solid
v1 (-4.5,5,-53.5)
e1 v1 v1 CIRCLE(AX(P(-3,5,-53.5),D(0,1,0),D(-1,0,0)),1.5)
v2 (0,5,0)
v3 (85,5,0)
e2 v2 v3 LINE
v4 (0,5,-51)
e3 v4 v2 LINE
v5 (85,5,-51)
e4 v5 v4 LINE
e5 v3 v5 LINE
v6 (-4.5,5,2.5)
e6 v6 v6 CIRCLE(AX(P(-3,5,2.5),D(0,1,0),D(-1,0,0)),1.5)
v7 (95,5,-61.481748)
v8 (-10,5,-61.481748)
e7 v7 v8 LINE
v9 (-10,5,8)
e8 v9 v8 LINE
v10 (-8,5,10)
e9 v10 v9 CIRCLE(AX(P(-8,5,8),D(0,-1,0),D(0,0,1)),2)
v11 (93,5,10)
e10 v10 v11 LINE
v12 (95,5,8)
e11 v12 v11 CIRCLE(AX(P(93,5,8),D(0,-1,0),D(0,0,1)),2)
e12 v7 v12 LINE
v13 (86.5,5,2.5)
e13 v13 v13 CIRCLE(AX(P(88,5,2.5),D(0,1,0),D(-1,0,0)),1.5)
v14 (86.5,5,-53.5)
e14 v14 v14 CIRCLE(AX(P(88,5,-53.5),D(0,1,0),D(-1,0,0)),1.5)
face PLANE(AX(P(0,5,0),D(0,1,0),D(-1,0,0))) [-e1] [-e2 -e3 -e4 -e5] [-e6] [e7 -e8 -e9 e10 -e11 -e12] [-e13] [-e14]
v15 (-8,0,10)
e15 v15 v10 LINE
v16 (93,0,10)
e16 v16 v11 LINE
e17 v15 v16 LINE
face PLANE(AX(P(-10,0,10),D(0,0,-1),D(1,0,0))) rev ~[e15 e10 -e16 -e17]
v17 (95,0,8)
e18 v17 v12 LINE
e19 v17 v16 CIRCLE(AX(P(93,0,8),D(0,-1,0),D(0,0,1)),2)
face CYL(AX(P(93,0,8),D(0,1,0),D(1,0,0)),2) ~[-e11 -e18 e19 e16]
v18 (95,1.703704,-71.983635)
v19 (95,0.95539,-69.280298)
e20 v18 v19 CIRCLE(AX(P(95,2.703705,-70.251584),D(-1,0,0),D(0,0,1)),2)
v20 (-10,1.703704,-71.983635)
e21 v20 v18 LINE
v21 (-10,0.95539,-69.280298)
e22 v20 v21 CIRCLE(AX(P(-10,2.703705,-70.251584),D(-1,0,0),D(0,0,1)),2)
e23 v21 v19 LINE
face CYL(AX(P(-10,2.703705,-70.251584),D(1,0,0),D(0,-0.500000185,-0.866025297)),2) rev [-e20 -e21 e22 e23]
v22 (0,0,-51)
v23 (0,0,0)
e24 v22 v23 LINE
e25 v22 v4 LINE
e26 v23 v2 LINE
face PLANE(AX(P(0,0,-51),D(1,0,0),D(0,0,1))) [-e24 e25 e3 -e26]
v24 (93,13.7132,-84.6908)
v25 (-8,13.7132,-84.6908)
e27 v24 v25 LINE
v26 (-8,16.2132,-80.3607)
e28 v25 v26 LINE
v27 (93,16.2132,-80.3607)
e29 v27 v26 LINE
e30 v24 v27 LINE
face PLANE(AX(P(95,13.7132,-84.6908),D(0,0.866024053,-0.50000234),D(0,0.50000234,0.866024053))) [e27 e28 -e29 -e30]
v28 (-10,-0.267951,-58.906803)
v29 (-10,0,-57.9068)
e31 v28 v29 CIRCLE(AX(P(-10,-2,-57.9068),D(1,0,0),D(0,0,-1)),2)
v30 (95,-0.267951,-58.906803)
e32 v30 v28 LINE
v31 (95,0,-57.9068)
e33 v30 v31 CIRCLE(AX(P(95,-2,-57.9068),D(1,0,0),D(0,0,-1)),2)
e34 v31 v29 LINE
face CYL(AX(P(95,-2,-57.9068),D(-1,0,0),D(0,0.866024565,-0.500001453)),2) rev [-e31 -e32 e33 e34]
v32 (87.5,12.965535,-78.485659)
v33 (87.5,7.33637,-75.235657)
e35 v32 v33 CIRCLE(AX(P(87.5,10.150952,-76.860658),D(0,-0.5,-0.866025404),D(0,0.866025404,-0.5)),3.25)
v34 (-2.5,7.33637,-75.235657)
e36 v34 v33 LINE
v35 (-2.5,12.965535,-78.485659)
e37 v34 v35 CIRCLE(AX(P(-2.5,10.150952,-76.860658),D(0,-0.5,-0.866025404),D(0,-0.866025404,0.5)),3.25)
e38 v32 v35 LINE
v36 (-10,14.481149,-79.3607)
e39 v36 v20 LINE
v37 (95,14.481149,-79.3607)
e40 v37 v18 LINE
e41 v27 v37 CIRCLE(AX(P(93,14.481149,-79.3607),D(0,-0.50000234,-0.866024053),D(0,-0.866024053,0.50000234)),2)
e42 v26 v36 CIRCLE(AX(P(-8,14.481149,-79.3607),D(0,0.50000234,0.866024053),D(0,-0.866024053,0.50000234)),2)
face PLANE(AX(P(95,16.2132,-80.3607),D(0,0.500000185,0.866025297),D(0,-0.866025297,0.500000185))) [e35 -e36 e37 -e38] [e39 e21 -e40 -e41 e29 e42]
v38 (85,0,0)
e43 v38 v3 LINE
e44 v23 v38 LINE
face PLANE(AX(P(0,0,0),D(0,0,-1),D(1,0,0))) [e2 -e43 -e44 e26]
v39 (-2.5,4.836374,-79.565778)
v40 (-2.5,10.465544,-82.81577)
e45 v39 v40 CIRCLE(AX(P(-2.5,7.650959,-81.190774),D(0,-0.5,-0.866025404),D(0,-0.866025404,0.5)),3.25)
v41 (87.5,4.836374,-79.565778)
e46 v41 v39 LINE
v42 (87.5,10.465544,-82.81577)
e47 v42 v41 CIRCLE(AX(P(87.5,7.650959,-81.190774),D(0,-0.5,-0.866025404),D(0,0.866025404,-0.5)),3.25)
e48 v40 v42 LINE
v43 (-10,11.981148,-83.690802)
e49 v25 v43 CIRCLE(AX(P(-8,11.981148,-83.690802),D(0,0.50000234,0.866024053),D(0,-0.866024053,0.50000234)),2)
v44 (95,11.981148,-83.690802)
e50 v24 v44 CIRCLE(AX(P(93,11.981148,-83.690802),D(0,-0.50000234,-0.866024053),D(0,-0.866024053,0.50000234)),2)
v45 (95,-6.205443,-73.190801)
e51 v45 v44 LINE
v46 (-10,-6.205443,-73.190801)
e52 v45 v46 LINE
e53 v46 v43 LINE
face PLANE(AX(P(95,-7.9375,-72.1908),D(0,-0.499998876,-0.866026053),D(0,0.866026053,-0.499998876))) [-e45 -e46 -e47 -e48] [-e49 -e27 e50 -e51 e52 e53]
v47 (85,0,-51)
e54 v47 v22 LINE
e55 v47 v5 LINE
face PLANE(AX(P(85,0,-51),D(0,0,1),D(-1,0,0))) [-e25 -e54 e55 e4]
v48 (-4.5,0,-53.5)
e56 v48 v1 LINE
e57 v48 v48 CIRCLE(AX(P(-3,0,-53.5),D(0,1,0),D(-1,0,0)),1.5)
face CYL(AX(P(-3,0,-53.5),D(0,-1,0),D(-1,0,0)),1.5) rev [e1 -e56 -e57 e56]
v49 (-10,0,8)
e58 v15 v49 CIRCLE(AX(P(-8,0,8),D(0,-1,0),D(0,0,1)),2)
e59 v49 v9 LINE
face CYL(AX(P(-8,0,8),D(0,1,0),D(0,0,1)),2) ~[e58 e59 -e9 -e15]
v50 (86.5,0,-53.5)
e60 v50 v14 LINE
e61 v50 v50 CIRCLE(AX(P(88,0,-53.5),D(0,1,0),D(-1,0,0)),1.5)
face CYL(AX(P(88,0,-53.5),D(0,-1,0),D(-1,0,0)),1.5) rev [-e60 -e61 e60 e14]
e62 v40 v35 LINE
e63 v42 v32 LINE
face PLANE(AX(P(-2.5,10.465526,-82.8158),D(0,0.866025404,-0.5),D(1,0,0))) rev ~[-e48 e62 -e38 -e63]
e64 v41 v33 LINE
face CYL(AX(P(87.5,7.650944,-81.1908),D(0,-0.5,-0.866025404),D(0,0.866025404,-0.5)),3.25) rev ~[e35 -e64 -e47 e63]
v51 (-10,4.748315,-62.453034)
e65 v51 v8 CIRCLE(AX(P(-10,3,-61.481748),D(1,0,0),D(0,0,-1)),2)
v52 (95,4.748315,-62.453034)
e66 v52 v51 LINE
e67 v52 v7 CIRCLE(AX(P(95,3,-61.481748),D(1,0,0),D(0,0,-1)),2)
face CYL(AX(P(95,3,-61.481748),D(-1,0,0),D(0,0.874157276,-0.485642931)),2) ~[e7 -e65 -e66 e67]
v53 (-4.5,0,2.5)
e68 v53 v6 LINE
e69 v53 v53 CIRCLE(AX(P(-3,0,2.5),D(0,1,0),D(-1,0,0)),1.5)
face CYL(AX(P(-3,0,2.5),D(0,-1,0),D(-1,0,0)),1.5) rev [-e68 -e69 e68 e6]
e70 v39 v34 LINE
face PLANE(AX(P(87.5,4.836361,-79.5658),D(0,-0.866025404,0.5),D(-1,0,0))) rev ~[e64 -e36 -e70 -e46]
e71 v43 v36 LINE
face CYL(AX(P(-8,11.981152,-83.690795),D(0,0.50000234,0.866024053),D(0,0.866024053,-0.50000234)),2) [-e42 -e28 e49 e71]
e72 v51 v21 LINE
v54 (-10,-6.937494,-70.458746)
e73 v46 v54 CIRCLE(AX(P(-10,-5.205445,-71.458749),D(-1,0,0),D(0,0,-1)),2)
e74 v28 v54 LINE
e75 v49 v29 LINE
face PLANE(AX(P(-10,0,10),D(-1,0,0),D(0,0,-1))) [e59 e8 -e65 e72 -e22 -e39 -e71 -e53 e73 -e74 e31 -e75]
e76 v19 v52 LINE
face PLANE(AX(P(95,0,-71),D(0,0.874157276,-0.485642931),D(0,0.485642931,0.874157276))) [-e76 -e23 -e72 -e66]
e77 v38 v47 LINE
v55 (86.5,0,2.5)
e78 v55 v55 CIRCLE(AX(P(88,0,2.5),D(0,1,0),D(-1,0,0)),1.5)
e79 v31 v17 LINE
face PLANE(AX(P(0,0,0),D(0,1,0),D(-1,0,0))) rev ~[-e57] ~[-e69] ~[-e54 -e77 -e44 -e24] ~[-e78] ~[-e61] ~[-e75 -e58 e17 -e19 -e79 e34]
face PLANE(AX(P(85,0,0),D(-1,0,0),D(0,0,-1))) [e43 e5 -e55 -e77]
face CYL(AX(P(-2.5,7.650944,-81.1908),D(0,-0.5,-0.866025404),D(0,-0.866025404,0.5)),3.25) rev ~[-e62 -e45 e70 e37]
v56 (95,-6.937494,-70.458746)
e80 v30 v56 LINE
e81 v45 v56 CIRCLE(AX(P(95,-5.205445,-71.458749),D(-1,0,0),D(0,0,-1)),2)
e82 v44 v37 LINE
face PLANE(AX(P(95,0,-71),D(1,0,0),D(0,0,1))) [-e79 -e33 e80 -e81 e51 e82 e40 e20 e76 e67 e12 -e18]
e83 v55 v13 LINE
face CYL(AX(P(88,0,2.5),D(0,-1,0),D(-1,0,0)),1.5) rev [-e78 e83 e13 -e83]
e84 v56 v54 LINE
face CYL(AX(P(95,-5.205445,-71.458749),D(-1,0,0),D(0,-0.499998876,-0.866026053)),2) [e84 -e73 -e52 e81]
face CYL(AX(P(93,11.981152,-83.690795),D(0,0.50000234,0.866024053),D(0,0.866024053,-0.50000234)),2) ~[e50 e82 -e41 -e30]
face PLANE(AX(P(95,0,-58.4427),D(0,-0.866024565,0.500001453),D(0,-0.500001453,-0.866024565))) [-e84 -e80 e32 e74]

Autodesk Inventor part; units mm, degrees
ref_plane "YZ Plane" through (0, 0, 0) normal (1, 0, 0) x (0, 1, 0)
ref_plane "XZ Plane" through (0, 0, 0) normal (0, 1, 0) x (-1, 0, 0)
ref_plane "XY Plane" through (0, 0, 0) normal (0, 0, 1) x (1, 0, 0)
sketch "Sketch1" plane through (0, 0, 0) normal (0, 1, 0) x (-1, 0, 0)
  line L0 (0, 0) -> (-85, 0)
  line L1 (-85, 0) -> (-85, -51)
  line L2 (-85, -51) -> (0, -51)
  line L3 (0, -51) -> (0, 0)
  line L4 (10, -71) -> (-95, -71)
  line L5 (-95, -71) -> (-95, 10)
  line L6 (10, 10) -> (10, -71)
  line L7 (10, 10) -> (-95, 10)
  circle A0 centre (-88, -53.5) radius 1.5
  line L8 (-42.5, -71) -> (-42.5, 10) construction
  circle A1 centre (3, -53.5) radius 1.5
  line L9 (0, -25.5) -> (-85, -25.5) construction
  circle A2 centre (-88, 2.5) radius 1.5
  circle A3 centre (3, 2.5) radius 1.5
  dimension "d0" = 85
  dimension "d1" = 51
  dimension "d2" = 20
  dimension "d3" = 10
  dimension "d4" = 10
  dimension "d13" = 2.5
  dimension "d14" = 3
  dimension "d15" = 3
  dimension "d34" = 10
extrude "Extrusion1" add sketch "Sketch1" along normal blind 5
sketch "Sketch2" plane through (95, 0, 10) normal (1, 0, 0) x (0, 0, -1)
  line L0 (68, -22.5167) -> (68, 0) construction
  line L1 (82.1908, -7.9375) -> (94.6908, 13.7132)
  line L2 (0, 0) -> (81, 0) construction
  line L3 (81, 5) -> (81, 0)
  line L4 (94.6908, 13.7132) -> (90.3607, 16.2132)
  line L5 (90.3607, 16.2132) -> (81, 0)
  line L6 (68.4427, 0) -> (82.1908, -7.9375)
  line L7 (81, 0) -> (68.4427, 0)
  point P0 (10, 0)
  dimension "d16" = 30
  dimension "d18" = 13
  dimension "d26" = 5
  dimension "d33" = 45
  dimension "d37" = 25
extrude "Extrusion2" add sketch "Sketch2" against normal blind 105
sketch "Sketch3" plane through (95, -32.5167, -58) normal (0, -0.5, -0.866) x (-1, 0, 0)
  line L0 (7.5, 46.3816) -> (97.5, 46.3816) construction
  line L1 (7.5, 43.1316) -> (97.5, 43.1316)
  line L2 (97.5, 49.6316) -> (7.5, 49.6316)
  arc A0 (7.5, 49.6316) -> (7.5, 43.1316) centre (7.5, 46.3816) ccw
  arc A1 (97.5, 43.1316) -> (97.5, 49.6316) centre (97.5, 46.3816) ccw
  line L3 (0, 53.3816) -> (105, 53.3816) construction
  point P0 (95, -0.8397)
  point P1 (52.5, 46.3816)
  point P2 (52.5, 53.3816)
  point P3 (52.5, 53.3816)
  dimension "d21" = 6.5
  dimension "d22" = 90
  dimension "d23" = 7
extrude "Extrusion3" cut sketch "Sketch3" against normal through all
sketch "Sketch4" plane through (95, 0, 10) normal (1, 0, 0) x (0, 0, -1)
  line L0 (81, 0) -> (81, 5) projected
  line L1 (81, 0) -> (72, 5)
  line L2 (72, 5) -> (81, 5)
  line L3 (81, 5) -> (81, 0)
  point P0 (10, 0)
  dimension "d28" = 9
extrude "Extrusion4" cut sketch "Sketch4" against normal through all
fillet "Fillet3" radius 2 3 edges at (-10, 14.9632, -82.5257) (95, 14.9632, -82.5257) (42.5, 0, -71)
fillet "Fillet4" radius 2 1 edges at (42.5, -7.9375, -72.1908)
fillet "Fillet5" radius 2 2 edges at (42.5, 5, -62) (42.5, 0, -58.4427)
fillet "Fillet6" radius 2 2 edges at (-10, 2.5, 10) (95, 2.5, 10)
equation "\"d34\" = d4"
properties part number "screen mount"
